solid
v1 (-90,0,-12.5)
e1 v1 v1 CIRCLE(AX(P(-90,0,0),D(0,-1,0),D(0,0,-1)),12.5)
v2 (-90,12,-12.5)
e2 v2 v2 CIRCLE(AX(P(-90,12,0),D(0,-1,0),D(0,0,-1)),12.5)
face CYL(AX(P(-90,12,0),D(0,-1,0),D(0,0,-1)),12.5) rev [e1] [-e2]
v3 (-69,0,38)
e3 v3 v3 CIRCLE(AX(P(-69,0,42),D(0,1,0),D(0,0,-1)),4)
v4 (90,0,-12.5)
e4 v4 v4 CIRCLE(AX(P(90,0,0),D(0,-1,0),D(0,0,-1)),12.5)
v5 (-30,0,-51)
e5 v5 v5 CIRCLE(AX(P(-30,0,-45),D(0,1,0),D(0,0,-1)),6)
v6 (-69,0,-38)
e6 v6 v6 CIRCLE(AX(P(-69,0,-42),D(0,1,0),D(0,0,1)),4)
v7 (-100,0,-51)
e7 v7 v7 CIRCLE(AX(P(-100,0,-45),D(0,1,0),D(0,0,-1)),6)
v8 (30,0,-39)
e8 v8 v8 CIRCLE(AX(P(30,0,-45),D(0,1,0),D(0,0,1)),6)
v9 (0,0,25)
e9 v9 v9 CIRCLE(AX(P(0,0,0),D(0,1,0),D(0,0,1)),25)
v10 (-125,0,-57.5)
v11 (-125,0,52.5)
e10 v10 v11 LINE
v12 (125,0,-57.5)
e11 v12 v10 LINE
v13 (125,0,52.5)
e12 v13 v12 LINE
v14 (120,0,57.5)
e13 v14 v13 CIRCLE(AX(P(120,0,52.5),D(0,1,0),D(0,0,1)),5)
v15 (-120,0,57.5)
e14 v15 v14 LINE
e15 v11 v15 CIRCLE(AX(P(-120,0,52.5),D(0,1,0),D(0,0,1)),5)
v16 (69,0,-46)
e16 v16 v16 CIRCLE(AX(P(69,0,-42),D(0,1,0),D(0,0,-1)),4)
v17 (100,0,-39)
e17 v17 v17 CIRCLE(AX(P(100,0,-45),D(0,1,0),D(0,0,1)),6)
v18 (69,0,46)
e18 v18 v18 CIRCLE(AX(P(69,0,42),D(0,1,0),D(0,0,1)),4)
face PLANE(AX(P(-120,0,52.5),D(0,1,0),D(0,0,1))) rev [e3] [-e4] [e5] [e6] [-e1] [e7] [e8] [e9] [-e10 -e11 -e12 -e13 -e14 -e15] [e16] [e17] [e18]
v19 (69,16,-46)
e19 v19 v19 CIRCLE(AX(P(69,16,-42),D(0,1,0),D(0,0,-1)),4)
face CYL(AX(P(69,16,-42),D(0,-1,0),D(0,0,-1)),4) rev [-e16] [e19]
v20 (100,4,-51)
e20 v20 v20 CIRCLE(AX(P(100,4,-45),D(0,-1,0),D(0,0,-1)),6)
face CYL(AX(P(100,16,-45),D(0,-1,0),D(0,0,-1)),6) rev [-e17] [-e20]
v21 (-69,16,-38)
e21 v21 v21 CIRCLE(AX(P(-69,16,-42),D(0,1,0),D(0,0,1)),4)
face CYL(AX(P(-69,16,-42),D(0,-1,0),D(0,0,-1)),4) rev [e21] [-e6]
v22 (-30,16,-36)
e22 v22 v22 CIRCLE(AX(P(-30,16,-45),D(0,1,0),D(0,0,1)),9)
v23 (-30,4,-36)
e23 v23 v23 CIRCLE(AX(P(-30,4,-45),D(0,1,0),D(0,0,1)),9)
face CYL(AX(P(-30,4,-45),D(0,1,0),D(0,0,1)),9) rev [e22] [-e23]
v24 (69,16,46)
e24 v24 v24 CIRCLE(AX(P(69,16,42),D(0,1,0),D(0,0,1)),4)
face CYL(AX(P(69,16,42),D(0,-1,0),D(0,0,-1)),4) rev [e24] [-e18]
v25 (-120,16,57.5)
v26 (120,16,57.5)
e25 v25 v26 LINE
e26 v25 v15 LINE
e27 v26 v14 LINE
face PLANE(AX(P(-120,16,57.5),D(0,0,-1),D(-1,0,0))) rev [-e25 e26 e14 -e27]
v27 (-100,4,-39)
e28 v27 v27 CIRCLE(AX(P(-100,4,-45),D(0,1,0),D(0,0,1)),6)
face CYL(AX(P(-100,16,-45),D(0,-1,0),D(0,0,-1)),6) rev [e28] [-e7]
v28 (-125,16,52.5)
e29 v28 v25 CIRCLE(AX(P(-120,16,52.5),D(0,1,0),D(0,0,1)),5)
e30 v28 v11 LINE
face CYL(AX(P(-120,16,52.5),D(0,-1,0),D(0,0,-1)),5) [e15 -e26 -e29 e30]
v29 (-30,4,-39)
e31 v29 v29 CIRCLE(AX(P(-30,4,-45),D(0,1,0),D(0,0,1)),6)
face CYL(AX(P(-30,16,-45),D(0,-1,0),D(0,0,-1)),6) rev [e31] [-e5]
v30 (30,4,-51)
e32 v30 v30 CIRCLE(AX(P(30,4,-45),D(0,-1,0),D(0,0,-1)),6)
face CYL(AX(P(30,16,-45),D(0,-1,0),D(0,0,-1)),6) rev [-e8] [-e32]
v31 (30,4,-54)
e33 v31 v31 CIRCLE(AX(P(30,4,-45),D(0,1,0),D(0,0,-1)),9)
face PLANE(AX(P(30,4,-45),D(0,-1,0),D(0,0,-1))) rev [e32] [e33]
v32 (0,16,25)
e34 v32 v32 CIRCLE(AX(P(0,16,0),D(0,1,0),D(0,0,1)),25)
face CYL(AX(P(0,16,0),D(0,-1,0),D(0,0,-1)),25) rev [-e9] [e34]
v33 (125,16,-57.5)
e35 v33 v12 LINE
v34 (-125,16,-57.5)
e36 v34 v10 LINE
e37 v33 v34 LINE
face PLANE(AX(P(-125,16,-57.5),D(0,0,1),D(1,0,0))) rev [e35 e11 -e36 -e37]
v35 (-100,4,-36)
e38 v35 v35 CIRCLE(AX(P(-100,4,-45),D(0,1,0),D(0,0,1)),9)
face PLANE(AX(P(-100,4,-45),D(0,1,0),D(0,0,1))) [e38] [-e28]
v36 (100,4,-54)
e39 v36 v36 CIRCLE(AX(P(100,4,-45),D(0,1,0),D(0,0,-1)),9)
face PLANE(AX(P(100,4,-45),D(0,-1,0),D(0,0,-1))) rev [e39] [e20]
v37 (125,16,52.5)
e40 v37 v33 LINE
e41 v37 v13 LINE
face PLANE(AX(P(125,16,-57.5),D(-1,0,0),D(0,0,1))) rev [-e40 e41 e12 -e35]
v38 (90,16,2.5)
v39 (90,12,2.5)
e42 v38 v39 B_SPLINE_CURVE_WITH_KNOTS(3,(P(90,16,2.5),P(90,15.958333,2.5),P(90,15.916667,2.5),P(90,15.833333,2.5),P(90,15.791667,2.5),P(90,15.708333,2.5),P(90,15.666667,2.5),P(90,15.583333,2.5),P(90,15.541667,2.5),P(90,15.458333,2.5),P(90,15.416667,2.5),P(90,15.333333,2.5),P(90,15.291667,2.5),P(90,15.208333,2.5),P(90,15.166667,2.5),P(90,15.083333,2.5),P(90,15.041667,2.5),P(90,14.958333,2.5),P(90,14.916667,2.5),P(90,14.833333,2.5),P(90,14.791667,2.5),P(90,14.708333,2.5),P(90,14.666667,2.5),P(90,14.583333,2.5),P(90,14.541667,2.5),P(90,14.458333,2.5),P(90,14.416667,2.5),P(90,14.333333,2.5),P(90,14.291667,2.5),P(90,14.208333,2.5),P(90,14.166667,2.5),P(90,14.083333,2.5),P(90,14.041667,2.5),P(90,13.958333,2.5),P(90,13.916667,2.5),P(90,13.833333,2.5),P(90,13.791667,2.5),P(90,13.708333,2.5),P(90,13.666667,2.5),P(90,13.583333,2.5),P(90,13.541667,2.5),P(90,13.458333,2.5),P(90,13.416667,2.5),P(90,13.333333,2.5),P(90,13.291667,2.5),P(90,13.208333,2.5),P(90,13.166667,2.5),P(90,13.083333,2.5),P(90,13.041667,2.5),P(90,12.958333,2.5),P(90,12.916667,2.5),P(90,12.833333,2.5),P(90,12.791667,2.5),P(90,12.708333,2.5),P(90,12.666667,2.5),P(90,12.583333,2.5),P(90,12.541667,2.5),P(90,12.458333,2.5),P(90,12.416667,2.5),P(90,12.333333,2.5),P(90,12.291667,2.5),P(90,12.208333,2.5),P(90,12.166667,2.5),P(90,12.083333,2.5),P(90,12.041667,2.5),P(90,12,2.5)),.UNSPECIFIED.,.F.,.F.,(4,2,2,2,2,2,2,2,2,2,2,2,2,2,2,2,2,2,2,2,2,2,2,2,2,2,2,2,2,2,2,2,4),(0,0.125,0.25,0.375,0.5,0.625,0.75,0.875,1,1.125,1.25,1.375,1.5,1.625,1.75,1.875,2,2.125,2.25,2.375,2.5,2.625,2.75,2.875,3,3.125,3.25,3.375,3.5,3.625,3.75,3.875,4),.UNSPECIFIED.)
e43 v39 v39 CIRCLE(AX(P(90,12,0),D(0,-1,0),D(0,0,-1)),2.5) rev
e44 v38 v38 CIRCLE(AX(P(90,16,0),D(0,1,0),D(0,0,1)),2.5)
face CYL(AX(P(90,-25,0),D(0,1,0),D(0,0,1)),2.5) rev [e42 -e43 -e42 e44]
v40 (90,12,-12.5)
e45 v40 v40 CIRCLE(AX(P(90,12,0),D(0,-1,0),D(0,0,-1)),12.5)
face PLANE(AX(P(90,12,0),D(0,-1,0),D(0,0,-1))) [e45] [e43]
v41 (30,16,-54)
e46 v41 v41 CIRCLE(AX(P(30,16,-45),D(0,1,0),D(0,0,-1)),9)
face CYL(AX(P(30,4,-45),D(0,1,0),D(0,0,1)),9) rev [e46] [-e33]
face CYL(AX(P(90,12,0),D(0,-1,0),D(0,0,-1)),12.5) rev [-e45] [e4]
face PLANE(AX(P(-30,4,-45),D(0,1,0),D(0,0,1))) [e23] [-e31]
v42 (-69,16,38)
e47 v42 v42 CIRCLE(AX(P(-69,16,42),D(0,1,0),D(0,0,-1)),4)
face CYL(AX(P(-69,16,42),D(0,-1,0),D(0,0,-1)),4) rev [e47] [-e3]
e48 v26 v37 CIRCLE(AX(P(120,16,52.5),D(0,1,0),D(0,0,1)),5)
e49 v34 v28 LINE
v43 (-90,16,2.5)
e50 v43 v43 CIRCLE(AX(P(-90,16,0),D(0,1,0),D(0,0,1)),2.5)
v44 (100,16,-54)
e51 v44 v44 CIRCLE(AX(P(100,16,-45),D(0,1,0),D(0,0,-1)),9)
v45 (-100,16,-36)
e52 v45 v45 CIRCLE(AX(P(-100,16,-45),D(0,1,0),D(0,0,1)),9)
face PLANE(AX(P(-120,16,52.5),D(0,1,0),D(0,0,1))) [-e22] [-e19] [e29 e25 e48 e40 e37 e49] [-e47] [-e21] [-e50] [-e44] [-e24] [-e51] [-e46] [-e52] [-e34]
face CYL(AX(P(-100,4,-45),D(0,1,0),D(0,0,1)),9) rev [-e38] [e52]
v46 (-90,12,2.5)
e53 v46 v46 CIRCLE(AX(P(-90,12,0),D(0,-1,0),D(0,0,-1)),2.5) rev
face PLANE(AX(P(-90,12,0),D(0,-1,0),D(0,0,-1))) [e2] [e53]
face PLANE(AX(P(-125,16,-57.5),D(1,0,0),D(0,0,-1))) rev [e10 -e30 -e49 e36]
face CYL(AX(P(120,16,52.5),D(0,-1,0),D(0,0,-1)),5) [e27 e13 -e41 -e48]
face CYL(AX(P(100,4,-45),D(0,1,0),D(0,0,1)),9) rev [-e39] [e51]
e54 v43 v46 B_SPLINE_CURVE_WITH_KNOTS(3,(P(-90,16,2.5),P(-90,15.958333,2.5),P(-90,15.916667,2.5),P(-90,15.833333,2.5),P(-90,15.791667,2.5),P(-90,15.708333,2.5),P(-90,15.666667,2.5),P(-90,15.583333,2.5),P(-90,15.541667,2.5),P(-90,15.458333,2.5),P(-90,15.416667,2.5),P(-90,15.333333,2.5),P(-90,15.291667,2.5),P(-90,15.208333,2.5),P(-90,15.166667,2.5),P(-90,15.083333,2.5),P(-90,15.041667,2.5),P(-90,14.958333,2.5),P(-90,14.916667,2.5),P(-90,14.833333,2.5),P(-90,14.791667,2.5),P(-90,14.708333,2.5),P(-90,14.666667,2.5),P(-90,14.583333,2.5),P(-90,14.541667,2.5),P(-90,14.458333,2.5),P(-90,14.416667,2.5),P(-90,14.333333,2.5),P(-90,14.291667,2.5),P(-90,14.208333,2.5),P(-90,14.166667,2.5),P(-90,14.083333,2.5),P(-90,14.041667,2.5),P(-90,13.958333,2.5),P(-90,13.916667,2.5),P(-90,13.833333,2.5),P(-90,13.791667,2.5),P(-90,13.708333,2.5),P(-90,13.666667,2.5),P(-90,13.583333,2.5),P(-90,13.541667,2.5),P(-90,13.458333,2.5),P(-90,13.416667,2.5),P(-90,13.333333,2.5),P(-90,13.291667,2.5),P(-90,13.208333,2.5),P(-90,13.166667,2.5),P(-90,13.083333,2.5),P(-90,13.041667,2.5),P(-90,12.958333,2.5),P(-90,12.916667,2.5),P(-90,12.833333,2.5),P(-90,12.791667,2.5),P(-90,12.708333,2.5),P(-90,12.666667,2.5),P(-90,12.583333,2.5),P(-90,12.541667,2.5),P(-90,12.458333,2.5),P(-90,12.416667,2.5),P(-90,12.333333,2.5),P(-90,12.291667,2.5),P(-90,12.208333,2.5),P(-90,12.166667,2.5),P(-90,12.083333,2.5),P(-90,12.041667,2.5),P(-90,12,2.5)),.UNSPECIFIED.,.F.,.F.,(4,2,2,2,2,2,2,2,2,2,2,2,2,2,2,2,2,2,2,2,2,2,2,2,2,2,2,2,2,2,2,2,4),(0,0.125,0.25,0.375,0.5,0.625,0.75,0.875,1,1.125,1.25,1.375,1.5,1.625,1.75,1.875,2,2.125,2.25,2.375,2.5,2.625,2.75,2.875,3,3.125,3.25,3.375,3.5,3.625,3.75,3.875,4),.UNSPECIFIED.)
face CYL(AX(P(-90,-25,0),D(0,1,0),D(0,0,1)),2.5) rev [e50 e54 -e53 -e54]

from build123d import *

# Parameters (mm, degrees)
SKETCH_1_R          = 25
SKETCH_1_R_2        = 4
SKETCH_1_R_3        = 6
EXTRUDE_1_DEPTH     = 16
SKETCH_2_R          = 9
CUT_EXTRUDE_1_DEPTH = 12
SKETCH_3_R          = 2.5
CUT_EXTRUDE_2_DEPTH = 41
SKETCH_4_R          = 12.5
CUT_EXTRUDE_3_DEPTH = 12


with BuildPart() as part:
    # 草图1 → 凸台-拉伸1 (new body)
    with BuildSketch(Plane(origin=(0, 0, 0), x_dir=(1, 0, 0), z_dir=(0, 1, 0))):
        with BuildLine():
            Line((-125, 57.5), (125, 57.5))
            Line((125, 57.5), (125, -52.5))
            ThreePointArc((125, -52.5), (123.535533906, -56.035533906), (120, -57.5))
            Line((120, -57.5), (-120, -57.5))
            ThreePointArc((-120, -57.5), (-123.535533906, -56.035533906), (-125, -52.5))
            Line((-125, -52.5), (-125, 57.5))
        make_face()
        with Locations(Location((0, 0, 0), (0, 0, 270))):
            Circle(SKETCH_1_R, mode=Mode.SUBTRACT)
        with Locations(Location((69, -42, 0), (0, 0, 270))):
            Circle(SKETCH_1_R_2, mode=Mode.SUBTRACT)
        with Locations(Location((69, 42, 0), (0, 0, 90))):
            Circle(SKETCH_1_R_2, mode=Mode.SUBTRACT)
        with Locations(Location((-69, -42, 0), (0, 0, 90))):
            Circle(SKETCH_1_R_2, mode=Mode.SUBTRACT)
        with Locations(Location((-69, 42, 0), (0, 0, 270))):
            Circle(SKETCH_1_R_2, mode=Mode.SUBTRACT)
        with Locations(Location((30, 45, 0), (0, 0, 270))):
            Circle(SKETCH_1_R_3, mode=Mode.SUBTRACT)
        with Locations(Location((100, 45, 0), (0, 0, 270))):
            Circle(SKETCH_1_R_3, mode=Mode.SUBTRACT)
        with Locations(Location((-100, 45, 0), (0, 0, 90))):
            Circle(SKETCH_1_R_3, mode=Mode.SUBTRACT)
        with Locations(Location((-30, 45, 0), (0, 0, 90))):
            Circle(SKETCH_1_R_3, mode=Mode.SUBTRACT)
    extrude(amount=EXTRUDE_1_DEPTH)

    # 草图2 → 切除-拉伸1 (cut)
    with BuildSketch(Plane(origin=(0, 16, 0), x_dir=(1, 0, 0), z_dir=(0, 1, 0))):
        with Locations(Location((-100, 45, 0), (0, 0, 270))):
            Circle(SKETCH_2_R)
        with Locations(Location((-30, 45, 0), (0, 0, 270))):
            Circle(SKETCH_2_R)
        with Locations(Location((30, 45, 0), (0, 0, 90))):
            Circle(SKETCH_2_R)
        with Locations(Location((100, 45, 0), (0, 0, 90))):
            Circle(SKETCH_2_R)
    extrude(amount=-CUT_EXTRUDE_1_DEPTH, mode=Mode.SUBTRACT)

    # 草图3 → 切除-拉伸2 (cut)
    with BuildSketch(Plane(origin=(0, 16, 0), x_dir=(1, 0, 0), z_dir=(0, 1, 0))):
        with Locations(Location((-90, 0, 0), (0, 0, 270))):
            Circle(SKETCH_3_R)
        with Locations(Location((90, 0, 0), (0, 0, 270))):
            Circle(SKETCH_3_R)
    extrude(amount=-CUT_EXTRUDE_2_DEPTH, mode=Mode.SUBTRACT)

    # 草图4 → 切除-拉伸3 (cut)
    with BuildSketch(Plane.XZ):
        with Locations(Location((-90, 0, 0), (0, 0, 270))):
            Circle(SKETCH_4_R)
        with Locations(Location((90, 0, 0), (0, 0, 270))):
            Circle(SKETCH_4_R)
    extrude(amount=-CUT_EXTRUDE_3_DEPTH, mode=Mode.SUBTRACT)


solid = part.part
